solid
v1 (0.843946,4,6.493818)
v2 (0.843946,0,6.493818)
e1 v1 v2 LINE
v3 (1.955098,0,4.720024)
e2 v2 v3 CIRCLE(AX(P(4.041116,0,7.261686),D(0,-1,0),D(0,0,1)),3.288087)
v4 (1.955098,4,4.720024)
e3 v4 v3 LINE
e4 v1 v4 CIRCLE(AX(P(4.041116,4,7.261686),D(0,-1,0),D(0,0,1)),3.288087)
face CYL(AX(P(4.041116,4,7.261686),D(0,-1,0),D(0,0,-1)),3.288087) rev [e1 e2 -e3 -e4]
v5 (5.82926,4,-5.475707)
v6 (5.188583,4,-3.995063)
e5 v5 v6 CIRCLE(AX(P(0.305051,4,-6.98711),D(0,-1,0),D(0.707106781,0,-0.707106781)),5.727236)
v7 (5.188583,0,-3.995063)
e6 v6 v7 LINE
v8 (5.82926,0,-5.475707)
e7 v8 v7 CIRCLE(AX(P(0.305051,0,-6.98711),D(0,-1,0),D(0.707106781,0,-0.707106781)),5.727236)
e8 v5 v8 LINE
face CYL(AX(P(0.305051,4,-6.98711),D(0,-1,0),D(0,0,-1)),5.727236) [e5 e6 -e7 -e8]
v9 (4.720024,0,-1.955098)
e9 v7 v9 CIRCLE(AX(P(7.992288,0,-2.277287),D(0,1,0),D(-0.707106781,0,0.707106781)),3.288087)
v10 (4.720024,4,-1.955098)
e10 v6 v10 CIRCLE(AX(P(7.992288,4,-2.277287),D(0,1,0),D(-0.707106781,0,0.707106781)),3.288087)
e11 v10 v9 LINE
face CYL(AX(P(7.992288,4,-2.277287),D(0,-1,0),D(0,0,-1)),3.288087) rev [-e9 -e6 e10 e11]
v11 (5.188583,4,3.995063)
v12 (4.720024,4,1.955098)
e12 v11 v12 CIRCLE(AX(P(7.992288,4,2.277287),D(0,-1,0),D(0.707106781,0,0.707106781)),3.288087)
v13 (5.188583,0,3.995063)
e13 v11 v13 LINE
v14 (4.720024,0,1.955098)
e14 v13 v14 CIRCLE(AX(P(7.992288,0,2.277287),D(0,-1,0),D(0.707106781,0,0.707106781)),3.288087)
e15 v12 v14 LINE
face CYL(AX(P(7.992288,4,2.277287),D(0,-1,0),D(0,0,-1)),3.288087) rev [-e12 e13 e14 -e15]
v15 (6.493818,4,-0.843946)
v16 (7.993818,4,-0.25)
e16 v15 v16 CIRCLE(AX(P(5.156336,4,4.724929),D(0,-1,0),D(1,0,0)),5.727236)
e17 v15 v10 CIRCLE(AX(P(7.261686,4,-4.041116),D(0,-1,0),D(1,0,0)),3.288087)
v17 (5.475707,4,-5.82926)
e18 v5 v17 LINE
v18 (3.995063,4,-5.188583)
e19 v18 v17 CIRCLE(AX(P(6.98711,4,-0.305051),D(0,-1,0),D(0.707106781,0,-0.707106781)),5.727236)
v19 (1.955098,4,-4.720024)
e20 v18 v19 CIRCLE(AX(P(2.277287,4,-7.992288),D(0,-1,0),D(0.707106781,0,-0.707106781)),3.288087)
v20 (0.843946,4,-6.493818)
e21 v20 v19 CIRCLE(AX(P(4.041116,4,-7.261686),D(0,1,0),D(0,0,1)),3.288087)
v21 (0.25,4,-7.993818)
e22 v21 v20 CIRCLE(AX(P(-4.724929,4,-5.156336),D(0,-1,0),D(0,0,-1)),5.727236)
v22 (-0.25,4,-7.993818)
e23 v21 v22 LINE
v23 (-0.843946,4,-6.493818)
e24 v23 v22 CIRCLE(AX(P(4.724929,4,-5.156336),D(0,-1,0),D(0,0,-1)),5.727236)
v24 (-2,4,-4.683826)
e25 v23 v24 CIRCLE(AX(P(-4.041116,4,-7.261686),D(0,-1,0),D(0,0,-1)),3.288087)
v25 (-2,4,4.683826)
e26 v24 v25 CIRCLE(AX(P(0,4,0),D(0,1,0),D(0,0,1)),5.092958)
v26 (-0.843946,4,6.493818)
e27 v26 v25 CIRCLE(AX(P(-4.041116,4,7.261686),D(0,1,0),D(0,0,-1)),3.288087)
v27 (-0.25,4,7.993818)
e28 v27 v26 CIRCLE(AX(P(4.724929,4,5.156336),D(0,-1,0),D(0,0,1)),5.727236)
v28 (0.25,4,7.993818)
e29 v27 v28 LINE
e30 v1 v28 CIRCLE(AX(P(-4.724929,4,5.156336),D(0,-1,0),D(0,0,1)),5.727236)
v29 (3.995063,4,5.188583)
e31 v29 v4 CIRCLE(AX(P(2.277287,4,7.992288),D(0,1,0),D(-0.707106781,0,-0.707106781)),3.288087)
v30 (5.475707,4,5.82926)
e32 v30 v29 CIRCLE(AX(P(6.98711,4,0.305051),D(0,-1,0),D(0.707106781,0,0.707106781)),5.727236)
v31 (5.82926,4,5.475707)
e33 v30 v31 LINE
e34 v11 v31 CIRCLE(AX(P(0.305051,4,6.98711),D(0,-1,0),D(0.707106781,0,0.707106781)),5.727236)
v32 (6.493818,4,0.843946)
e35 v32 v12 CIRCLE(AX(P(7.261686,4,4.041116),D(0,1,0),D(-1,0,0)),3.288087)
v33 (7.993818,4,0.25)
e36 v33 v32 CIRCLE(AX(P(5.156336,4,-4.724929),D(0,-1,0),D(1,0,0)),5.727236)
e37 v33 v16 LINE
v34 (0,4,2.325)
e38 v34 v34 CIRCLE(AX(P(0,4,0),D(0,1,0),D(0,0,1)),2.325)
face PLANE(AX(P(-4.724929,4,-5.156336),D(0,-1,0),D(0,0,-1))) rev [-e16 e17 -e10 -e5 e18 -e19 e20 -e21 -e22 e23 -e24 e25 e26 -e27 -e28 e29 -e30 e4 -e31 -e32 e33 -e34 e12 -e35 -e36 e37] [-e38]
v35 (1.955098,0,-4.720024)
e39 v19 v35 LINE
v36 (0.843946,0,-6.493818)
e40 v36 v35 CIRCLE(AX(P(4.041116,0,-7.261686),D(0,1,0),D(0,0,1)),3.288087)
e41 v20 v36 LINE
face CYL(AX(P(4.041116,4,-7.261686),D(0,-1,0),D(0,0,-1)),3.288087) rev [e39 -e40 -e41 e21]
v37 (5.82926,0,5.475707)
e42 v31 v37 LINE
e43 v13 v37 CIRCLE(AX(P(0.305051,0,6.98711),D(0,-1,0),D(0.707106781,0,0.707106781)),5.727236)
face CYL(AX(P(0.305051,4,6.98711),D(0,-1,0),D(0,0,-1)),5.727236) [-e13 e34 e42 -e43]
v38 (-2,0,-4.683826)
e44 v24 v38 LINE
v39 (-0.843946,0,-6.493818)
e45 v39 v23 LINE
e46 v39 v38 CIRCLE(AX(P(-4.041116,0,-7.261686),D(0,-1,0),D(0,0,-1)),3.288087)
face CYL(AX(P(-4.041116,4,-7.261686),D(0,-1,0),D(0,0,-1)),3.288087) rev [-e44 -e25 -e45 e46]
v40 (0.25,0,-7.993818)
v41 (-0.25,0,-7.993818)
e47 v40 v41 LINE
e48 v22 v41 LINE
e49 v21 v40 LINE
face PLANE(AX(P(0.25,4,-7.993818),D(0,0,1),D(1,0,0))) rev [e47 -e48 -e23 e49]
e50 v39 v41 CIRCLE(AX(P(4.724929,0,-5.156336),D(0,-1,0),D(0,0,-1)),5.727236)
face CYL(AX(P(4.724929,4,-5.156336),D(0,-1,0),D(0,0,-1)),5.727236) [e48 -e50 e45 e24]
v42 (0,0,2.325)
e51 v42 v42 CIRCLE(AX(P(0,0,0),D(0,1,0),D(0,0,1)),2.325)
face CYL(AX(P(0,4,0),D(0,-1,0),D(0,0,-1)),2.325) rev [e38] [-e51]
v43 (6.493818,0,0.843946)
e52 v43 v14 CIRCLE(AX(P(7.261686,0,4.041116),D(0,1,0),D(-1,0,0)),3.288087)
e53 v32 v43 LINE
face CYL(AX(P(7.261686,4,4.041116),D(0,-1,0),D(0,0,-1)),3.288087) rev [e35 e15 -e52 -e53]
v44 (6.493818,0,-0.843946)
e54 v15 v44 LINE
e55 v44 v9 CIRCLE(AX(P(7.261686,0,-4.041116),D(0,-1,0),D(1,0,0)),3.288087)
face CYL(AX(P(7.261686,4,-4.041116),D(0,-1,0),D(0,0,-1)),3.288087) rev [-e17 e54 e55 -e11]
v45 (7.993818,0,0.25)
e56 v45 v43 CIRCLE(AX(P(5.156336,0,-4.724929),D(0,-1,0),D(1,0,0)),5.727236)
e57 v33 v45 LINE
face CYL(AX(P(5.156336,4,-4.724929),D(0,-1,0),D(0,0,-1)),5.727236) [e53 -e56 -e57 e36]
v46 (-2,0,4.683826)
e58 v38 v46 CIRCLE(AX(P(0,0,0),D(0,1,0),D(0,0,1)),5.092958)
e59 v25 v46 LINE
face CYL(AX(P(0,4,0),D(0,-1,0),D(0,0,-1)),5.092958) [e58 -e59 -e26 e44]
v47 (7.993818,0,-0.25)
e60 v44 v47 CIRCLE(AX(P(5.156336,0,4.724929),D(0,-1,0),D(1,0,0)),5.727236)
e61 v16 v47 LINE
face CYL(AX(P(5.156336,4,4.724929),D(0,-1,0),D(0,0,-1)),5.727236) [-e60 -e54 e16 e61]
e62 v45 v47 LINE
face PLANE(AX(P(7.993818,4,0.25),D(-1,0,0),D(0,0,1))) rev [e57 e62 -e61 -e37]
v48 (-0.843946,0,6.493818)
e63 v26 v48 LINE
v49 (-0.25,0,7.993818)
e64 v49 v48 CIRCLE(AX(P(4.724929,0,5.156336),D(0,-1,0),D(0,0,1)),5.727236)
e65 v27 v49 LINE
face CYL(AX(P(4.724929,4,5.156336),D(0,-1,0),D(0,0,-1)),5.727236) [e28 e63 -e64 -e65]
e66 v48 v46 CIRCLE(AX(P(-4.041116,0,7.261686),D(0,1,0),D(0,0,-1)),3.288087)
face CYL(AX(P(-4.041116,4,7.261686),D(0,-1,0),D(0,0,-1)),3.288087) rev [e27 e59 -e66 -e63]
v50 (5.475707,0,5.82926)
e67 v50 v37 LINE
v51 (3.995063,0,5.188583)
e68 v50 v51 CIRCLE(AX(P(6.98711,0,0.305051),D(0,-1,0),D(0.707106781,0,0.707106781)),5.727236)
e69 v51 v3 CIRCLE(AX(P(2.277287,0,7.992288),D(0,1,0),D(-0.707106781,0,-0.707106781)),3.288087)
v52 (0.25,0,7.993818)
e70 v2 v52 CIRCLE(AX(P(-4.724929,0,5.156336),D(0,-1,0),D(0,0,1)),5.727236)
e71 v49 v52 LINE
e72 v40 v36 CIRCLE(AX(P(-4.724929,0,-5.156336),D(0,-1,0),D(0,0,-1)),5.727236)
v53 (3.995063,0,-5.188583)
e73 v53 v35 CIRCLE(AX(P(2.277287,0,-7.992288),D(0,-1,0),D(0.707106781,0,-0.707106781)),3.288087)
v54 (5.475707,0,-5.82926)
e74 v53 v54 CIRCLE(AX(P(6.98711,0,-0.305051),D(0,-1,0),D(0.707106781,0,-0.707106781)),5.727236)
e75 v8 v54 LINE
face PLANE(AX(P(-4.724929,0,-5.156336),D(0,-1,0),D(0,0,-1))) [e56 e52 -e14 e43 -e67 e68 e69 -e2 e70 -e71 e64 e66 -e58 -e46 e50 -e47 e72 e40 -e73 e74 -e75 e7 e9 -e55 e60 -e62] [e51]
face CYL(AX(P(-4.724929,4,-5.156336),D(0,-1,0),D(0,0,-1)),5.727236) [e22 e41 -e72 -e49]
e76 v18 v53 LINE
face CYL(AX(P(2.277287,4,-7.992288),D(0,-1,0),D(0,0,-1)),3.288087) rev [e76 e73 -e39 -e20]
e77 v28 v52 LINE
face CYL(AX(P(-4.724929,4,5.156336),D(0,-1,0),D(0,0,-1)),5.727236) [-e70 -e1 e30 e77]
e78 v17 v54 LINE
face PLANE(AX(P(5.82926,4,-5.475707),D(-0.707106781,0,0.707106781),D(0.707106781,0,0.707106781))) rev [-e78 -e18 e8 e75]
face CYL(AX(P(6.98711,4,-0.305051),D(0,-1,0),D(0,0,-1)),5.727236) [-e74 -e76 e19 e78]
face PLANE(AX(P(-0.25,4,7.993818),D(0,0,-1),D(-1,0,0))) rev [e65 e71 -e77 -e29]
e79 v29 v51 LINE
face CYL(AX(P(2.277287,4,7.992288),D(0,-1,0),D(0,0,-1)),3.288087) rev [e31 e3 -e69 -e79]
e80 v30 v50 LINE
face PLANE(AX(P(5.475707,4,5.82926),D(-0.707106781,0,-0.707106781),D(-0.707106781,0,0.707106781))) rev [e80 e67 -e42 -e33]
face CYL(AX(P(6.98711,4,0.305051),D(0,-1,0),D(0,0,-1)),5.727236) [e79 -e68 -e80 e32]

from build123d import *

# Parameters (mm, degrees)
BOSS_EXTRUDE1_DEPTH = 4
CIRPATTERN2_COUNT   = 5
CIRPATTERN2_ANGLE   = 180
BOSS_EXTRUDE3_DEPTH = 4


with BuildPart() as part:
    # Sketch1 → Boss-Extrude1 (new body)
    with BuildSketch(Plane(origin=(0, 0, 0), x_dir=(1, 0, 0), z_dir=(0, 1, 0))):
        with BuildLine():
            Line((0.25, 7.99381848), (-0.25, 7.99381848))
            ThreePointArc((-0.25, 7.99381848), (-0.831305349, 6.545394817), (-1, 4.99381848))
            Line((-1, 4.99381848), (1, 4.99381848))
            ThreePointArc((1, 4.99381848), (0.831305349, 6.545394817), (0.25, 7.99381848))
        make_face()
        with BuildLine():
            Line((0, 6.49381848), (0.843945674, 6.49381848))
            ThreePointArc((0.843945674, 6.49381848), (1.27002788, 5.491773836), (2, 4.683825681))
            Line((2, 4.683825681), (-2, 4.683825681))
            ThreePointArc((-2, 4.683825681), (-1.27002788, 5.491773836), (-0.843945674, 6.49381848))
            Line((-0.843945674, 6.49381848), (0, 6.49381848))
        make_face()
    boss_extrude1 = extrude(amount=BOSS_EXTRUDE1_DEPTH)

    # CirPattern2: Boss-Extrude1 ×5 about axis
    cirpattern2_axis = Axis((0, 0, 0), (0, -1, 0))
    for i in range(1, CIRPATTERN2_COUNT):
        add(boss_extrude1.rotate(cirpattern2_axis, i * CIRPATTERN2_ANGLE / (CIRPATTERN2_COUNT - 1)))

    # Sketch1<5> → Boss-Extrude3 (add)
    with BuildSketch(Plane(origin=(0, 0, 0), x_dir=(1, 0, 0), z_dir=(0, 1, 0))):
        with BuildLine():
            ThreePointArc((5.092958179, 0), (4.249949374, 2.806448526), (2, 4.683825681))
            Line((2, 4.683825681), (-2, 4.683825681))
            ThreePointArc((-2, 4.683825681), (-2.806448526, -4.249949374), (5.092958179, 0))
        make_face()
        with BuildLine():
            ThreePointArc((0.884943501, -2.15), (0.451040464, -2.280830441), (0, -2.325))
            ThreePointArc((0, -2.325), (-0.451040464, -2.280830441), (-0.884943501, -2.15))
            ThreePointArc((-0.884943501, -2.15), (-2.280830441, 0.451040464), (0, 2.325))
            ThreePointArc((0, 2.325), (1.644023266, 1.644023266), (2.325, 0))
            ThreePointArc((2.325, 0), (1.931724442, -1.293856901), (0.884943501, -2.15))
        make_face(mode=Mode.SUBTRACT)
    extrude(amount=BOSS_EXTRUDE3_DEPTH)


solid = part.part
